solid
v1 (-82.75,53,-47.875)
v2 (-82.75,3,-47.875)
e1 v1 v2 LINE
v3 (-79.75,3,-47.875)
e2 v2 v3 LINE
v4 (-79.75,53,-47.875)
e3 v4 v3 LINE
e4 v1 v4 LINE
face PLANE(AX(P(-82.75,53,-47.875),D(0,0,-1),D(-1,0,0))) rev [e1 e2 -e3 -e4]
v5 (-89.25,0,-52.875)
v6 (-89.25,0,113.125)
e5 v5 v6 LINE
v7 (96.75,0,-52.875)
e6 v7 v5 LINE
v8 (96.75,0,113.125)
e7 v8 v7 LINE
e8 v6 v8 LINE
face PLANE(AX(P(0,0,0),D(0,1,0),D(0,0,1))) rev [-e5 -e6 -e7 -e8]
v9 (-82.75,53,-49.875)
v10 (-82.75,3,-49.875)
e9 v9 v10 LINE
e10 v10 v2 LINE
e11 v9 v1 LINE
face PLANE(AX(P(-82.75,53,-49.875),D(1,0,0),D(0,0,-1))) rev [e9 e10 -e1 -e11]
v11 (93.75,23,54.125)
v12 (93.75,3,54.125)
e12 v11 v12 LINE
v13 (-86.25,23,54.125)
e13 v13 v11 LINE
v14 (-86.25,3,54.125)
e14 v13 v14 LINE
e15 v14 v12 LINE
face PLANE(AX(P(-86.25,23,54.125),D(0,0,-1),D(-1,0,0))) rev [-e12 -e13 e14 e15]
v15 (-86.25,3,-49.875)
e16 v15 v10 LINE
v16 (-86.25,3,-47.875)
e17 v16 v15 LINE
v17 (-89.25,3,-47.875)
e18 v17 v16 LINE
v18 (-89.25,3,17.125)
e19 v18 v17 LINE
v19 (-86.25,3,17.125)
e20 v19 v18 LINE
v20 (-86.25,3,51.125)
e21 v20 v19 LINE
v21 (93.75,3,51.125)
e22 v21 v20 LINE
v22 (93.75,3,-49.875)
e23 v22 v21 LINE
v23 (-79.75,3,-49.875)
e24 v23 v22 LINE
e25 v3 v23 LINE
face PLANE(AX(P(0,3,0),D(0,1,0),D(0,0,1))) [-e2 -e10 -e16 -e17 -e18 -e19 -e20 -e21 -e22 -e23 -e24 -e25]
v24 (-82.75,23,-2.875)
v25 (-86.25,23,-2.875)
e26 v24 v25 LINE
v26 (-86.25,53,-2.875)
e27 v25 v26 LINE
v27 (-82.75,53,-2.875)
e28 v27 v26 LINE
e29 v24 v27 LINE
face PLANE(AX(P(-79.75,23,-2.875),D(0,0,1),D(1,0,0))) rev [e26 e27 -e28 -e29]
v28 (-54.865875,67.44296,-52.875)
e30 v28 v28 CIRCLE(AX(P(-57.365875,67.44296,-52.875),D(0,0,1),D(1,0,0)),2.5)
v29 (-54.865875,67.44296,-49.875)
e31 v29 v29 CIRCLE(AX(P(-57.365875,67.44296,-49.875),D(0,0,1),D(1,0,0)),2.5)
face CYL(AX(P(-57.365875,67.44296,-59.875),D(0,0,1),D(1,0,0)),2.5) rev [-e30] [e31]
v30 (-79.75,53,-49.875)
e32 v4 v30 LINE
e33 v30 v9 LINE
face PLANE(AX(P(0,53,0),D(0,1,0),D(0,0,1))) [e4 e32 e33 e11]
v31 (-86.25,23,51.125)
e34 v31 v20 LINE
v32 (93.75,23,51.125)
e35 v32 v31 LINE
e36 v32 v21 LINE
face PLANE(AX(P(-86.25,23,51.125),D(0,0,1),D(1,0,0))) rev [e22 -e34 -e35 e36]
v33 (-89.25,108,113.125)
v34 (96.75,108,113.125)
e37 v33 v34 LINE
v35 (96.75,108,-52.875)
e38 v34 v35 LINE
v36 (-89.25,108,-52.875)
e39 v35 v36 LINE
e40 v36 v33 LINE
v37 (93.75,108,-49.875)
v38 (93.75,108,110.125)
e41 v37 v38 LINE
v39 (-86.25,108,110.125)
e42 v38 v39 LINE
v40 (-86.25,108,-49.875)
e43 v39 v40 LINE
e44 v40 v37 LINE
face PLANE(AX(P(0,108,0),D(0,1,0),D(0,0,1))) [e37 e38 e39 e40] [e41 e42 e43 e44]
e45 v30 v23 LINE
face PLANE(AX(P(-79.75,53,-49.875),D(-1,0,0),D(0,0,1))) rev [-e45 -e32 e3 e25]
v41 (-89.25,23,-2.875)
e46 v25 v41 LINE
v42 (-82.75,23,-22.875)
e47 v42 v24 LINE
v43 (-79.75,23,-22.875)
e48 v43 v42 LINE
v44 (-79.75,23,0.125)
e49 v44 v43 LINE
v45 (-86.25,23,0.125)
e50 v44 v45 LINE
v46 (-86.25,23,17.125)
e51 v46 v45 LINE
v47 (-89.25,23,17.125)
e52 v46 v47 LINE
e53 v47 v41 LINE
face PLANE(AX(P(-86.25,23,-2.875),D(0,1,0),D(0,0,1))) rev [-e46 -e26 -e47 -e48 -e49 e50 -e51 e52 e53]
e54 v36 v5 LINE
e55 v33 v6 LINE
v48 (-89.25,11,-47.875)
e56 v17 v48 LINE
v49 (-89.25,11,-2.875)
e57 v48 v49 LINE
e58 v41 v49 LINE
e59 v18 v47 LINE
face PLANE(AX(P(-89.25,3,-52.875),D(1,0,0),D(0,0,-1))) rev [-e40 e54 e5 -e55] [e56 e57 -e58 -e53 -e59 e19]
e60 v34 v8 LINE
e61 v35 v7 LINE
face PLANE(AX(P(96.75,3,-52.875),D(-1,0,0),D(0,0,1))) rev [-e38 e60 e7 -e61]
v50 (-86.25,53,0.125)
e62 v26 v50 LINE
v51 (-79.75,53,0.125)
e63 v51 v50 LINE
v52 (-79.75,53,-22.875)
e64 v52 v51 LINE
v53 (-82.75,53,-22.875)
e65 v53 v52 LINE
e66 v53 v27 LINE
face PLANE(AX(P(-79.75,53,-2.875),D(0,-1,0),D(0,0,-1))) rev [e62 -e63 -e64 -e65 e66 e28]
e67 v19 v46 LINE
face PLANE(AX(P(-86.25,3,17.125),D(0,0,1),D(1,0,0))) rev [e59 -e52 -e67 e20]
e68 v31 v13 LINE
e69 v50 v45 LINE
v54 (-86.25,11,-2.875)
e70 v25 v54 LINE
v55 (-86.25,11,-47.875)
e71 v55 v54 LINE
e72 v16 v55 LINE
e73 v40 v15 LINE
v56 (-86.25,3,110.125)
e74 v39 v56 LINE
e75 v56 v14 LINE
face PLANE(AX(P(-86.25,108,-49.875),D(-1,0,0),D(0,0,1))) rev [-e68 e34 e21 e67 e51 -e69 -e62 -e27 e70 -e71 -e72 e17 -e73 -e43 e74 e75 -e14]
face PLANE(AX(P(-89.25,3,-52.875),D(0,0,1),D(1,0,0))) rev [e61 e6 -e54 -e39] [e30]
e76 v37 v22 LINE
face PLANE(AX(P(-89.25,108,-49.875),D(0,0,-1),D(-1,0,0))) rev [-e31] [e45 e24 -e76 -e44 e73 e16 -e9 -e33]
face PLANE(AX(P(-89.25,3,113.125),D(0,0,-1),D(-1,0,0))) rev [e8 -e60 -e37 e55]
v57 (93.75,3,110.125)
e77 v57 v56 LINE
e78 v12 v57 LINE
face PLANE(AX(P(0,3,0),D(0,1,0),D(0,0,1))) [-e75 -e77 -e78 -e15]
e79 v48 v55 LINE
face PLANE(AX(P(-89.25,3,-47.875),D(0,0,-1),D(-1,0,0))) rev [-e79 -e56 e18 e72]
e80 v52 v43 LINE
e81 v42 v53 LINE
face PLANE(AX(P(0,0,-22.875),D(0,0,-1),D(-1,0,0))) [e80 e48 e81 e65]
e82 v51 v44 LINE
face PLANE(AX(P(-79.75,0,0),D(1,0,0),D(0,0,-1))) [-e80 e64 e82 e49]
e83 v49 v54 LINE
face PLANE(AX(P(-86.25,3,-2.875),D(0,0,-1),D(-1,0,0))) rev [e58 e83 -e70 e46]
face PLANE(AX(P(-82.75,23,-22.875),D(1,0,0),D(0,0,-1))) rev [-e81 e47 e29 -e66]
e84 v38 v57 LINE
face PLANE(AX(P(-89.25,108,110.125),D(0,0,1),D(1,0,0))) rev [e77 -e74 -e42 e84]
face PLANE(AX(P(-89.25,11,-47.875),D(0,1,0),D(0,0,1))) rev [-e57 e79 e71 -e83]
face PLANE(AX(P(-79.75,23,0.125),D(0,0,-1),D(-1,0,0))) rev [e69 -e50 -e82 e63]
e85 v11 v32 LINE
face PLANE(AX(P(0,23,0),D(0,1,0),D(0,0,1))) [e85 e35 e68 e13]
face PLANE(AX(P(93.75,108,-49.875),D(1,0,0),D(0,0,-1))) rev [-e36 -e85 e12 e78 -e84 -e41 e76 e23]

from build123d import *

# Parameters (mm, degrees)
SKETCH1_W            = 186
SKETCH1_H            = 166
BOSS_EXTRUDE6_DEPTH  = 3
SKETCH9_W            = 183
SKETCH9_H            = 3
BOSS_EXTRUDE7_DEPTH  = 105
SKETCH8_W            = 3
SKETCH8_H            = 163
BOSS_EXTRUDE8_DEPTH  = 105
SKETCH7_W            = 186
SKETCH7_H            = 3
BOSS_EXTRUDE9_DEPTH  = 105
SKETCH11_W           = 3
SKETCH11_H           = 160
BOSS_EXTRUDE10_DEPTH = 105
SKETCH12_W           = 180
SKETCH12_H           = 3
BOSS_EXTRUDE11_DEPTH = 20
SKETCH13_W           = 45
SKETCH13_H           = 8
CUT_EXTRUDE5_DEPTH   = 3
SKETCH20_W           = 3
SKETCH20_H           = 2
BOSS_EXTRUDE12_DEPTH = 50
SKETCH18_W           = 20
SKETCH18_H           = 20
CUT_EXTRUDE6_DEPTH   = 3
SKETCH22_W           = 3
SKETCH22_H           = 30
BOSS_EXTRUDE13_DEPTH = 6.5
SKETCH23_W           = 3
SKETCH23_H           = 30
BOSS_EXTRUDE15_DEPTH = 20
SKETCH24_R           = 2.5
CUT_EXTRUDE8_DEPTH   = 10


with BuildPart() as part:
    # Sketch1 → Boss-Extrude6 (new body)
    with BuildSketch(Plane(origin=(0, 0, 0), x_dir=(1, 0, 0), z_dir=(0, 1, 0))):
        with Locations((3.75, -30.125)):
            Rectangle(SKETCH1_W, SKETCH1_H)
    extrude(amount=BOSS_EXTRUDE6_DEPTH)

    # Sketch9 → Boss-Extrude7 (add)
    with BuildSketch(Plane(origin=(0, 3, 0), x_dir=(1, 0, 0), z_dir=(0, 1, 0))):
        with Locations((2.25, -111.625)):
            Rectangle(SKETCH9_W, SKETCH9_H)
    extrude(amount=BOSS_EXTRUDE7_DEPTH)

    # Sketch8 → Boss-Extrude8 (add)
    with BuildSketch(Plane(origin=(0, 3, 0), x_dir=(1, 0, 0), z_dir=(0, 1, 0))):
        with Locations((95.25, -31.625)):
            Rectangle(SKETCH8_W, SKETCH8_H)
    extrude(amount=BOSS_EXTRUDE8_DEPTH)

    # Sketch7 → Boss-Extrude9 (add)
    with BuildSketch(Plane(origin=(0, 3, 0), x_dir=(1, 0, 0), z_dir=(0, 1, 0))):
        with Locations((3.75, 51.375)):
            Rectangle(SKETCH7_W, SKETCH7_H)
    extrude(amount=BOSS_EXTRUDE9_DEPTH)

    # Sketch11 → Boss-Extrude10 (add)
    with BuildSketch(Plane(origin=(0, 3, 0), x_dir=(1, 0, 0), z_dir=(0, 1, 0))):
        with Locations((-87.75, -30.125)):
            Rectangle(SKETCH11_W, SKETCH11_H)
    extrude(amount=BOSS_EXTRUDE10_DEPTH)

    # Sketch12 → Boss-Extrude11 (add)
    with BuildSketch(Plane(origin=(0, 3, 0), x_dir=(1, 0, 0), z_dir=(0, 1, 0))):
        with Locations((3.75, -52.625)):
            Rectangle(SKETCH12_W, SKETCH12_H)
    extrude(amount=BOSS_EXTRUDE11_DEPTH)

    # Sketch13 → Cut-Extrude5 (cut)
    with BuildSketch(Plane(origin=(-86.25, 0, 0), x_dir=(0, 0, -1), z_dir=(1, 0, 0))):
        with Locations((25.375, 7)):
            Rectangle(SKETCH13_W, SKETCH13_H)
    extrude(amount=-CUT_EXTRUDE5_DEPTH, mode=Mode.SUBTRACT)

    # Sketch20 → Boss-Extrude12 (add)
    with BuildSketch(Plane(origin=(0, 3, 0), x_dir=(1, 0, 0), z_dir=(0, 1, 0))):
        with Locations((-81.25, 48.875)):
            Rectangle(SKETCH20_W, SKETCH20_H)
    extrude(amount=BOSS_EXTRUDE12_DEPTH)

    # Sketch18 → Cut-Extrude6 (cut)
    with BuildSketch(Plane.ZY.offset(89.25)):
        with Locations((7.125, 13)):
            Rectangle(SKETCH18_W, SKETCH18_H)
    extrude(amount=-CUT_EXTRUDE6_DEPTH, mode=Mode.SUBTRACT)

    # Sketch22 → Boss-Extrude13 (add)
    with BuildSketch(Plane(origin=(-86.25, 0, 0), x_dir=(0, 0, -1), z_dir=(1, 0, 0))):
        with Locations((1.375, 38)):
            Rectangle(SKETCH22_W, SKETCH22_H)
    extrude(amount=BOSS_EXTRUDE13_DEPTH)

    # Sketch23 → Boss-Extrude15 (add)
    with BuildSketch(Plane(origin=(0, 0, -2.875), x_dir=(-1, 0, 0), z_dir=(0, 0, -1))):
        with Locations((81.25, 38)):
            Rectangle(SKETCH23_W, SKETCH23_H)
    extrude(amount=BOSS_EXTRUDE15_DEPTH)

    # Sketch24 → Cut-Extrude8 (cut)
    with BuildSketch(Plane.XY.offset(-49.875)):
        with Locations((-57.365874662, 67.44295955)):
            Circle(SKETCH24_R)
    extrude(amount=-CUT_EXTRUDE8_DEPTH, mode=Mode.SUBTRACT)


solid = part.part
